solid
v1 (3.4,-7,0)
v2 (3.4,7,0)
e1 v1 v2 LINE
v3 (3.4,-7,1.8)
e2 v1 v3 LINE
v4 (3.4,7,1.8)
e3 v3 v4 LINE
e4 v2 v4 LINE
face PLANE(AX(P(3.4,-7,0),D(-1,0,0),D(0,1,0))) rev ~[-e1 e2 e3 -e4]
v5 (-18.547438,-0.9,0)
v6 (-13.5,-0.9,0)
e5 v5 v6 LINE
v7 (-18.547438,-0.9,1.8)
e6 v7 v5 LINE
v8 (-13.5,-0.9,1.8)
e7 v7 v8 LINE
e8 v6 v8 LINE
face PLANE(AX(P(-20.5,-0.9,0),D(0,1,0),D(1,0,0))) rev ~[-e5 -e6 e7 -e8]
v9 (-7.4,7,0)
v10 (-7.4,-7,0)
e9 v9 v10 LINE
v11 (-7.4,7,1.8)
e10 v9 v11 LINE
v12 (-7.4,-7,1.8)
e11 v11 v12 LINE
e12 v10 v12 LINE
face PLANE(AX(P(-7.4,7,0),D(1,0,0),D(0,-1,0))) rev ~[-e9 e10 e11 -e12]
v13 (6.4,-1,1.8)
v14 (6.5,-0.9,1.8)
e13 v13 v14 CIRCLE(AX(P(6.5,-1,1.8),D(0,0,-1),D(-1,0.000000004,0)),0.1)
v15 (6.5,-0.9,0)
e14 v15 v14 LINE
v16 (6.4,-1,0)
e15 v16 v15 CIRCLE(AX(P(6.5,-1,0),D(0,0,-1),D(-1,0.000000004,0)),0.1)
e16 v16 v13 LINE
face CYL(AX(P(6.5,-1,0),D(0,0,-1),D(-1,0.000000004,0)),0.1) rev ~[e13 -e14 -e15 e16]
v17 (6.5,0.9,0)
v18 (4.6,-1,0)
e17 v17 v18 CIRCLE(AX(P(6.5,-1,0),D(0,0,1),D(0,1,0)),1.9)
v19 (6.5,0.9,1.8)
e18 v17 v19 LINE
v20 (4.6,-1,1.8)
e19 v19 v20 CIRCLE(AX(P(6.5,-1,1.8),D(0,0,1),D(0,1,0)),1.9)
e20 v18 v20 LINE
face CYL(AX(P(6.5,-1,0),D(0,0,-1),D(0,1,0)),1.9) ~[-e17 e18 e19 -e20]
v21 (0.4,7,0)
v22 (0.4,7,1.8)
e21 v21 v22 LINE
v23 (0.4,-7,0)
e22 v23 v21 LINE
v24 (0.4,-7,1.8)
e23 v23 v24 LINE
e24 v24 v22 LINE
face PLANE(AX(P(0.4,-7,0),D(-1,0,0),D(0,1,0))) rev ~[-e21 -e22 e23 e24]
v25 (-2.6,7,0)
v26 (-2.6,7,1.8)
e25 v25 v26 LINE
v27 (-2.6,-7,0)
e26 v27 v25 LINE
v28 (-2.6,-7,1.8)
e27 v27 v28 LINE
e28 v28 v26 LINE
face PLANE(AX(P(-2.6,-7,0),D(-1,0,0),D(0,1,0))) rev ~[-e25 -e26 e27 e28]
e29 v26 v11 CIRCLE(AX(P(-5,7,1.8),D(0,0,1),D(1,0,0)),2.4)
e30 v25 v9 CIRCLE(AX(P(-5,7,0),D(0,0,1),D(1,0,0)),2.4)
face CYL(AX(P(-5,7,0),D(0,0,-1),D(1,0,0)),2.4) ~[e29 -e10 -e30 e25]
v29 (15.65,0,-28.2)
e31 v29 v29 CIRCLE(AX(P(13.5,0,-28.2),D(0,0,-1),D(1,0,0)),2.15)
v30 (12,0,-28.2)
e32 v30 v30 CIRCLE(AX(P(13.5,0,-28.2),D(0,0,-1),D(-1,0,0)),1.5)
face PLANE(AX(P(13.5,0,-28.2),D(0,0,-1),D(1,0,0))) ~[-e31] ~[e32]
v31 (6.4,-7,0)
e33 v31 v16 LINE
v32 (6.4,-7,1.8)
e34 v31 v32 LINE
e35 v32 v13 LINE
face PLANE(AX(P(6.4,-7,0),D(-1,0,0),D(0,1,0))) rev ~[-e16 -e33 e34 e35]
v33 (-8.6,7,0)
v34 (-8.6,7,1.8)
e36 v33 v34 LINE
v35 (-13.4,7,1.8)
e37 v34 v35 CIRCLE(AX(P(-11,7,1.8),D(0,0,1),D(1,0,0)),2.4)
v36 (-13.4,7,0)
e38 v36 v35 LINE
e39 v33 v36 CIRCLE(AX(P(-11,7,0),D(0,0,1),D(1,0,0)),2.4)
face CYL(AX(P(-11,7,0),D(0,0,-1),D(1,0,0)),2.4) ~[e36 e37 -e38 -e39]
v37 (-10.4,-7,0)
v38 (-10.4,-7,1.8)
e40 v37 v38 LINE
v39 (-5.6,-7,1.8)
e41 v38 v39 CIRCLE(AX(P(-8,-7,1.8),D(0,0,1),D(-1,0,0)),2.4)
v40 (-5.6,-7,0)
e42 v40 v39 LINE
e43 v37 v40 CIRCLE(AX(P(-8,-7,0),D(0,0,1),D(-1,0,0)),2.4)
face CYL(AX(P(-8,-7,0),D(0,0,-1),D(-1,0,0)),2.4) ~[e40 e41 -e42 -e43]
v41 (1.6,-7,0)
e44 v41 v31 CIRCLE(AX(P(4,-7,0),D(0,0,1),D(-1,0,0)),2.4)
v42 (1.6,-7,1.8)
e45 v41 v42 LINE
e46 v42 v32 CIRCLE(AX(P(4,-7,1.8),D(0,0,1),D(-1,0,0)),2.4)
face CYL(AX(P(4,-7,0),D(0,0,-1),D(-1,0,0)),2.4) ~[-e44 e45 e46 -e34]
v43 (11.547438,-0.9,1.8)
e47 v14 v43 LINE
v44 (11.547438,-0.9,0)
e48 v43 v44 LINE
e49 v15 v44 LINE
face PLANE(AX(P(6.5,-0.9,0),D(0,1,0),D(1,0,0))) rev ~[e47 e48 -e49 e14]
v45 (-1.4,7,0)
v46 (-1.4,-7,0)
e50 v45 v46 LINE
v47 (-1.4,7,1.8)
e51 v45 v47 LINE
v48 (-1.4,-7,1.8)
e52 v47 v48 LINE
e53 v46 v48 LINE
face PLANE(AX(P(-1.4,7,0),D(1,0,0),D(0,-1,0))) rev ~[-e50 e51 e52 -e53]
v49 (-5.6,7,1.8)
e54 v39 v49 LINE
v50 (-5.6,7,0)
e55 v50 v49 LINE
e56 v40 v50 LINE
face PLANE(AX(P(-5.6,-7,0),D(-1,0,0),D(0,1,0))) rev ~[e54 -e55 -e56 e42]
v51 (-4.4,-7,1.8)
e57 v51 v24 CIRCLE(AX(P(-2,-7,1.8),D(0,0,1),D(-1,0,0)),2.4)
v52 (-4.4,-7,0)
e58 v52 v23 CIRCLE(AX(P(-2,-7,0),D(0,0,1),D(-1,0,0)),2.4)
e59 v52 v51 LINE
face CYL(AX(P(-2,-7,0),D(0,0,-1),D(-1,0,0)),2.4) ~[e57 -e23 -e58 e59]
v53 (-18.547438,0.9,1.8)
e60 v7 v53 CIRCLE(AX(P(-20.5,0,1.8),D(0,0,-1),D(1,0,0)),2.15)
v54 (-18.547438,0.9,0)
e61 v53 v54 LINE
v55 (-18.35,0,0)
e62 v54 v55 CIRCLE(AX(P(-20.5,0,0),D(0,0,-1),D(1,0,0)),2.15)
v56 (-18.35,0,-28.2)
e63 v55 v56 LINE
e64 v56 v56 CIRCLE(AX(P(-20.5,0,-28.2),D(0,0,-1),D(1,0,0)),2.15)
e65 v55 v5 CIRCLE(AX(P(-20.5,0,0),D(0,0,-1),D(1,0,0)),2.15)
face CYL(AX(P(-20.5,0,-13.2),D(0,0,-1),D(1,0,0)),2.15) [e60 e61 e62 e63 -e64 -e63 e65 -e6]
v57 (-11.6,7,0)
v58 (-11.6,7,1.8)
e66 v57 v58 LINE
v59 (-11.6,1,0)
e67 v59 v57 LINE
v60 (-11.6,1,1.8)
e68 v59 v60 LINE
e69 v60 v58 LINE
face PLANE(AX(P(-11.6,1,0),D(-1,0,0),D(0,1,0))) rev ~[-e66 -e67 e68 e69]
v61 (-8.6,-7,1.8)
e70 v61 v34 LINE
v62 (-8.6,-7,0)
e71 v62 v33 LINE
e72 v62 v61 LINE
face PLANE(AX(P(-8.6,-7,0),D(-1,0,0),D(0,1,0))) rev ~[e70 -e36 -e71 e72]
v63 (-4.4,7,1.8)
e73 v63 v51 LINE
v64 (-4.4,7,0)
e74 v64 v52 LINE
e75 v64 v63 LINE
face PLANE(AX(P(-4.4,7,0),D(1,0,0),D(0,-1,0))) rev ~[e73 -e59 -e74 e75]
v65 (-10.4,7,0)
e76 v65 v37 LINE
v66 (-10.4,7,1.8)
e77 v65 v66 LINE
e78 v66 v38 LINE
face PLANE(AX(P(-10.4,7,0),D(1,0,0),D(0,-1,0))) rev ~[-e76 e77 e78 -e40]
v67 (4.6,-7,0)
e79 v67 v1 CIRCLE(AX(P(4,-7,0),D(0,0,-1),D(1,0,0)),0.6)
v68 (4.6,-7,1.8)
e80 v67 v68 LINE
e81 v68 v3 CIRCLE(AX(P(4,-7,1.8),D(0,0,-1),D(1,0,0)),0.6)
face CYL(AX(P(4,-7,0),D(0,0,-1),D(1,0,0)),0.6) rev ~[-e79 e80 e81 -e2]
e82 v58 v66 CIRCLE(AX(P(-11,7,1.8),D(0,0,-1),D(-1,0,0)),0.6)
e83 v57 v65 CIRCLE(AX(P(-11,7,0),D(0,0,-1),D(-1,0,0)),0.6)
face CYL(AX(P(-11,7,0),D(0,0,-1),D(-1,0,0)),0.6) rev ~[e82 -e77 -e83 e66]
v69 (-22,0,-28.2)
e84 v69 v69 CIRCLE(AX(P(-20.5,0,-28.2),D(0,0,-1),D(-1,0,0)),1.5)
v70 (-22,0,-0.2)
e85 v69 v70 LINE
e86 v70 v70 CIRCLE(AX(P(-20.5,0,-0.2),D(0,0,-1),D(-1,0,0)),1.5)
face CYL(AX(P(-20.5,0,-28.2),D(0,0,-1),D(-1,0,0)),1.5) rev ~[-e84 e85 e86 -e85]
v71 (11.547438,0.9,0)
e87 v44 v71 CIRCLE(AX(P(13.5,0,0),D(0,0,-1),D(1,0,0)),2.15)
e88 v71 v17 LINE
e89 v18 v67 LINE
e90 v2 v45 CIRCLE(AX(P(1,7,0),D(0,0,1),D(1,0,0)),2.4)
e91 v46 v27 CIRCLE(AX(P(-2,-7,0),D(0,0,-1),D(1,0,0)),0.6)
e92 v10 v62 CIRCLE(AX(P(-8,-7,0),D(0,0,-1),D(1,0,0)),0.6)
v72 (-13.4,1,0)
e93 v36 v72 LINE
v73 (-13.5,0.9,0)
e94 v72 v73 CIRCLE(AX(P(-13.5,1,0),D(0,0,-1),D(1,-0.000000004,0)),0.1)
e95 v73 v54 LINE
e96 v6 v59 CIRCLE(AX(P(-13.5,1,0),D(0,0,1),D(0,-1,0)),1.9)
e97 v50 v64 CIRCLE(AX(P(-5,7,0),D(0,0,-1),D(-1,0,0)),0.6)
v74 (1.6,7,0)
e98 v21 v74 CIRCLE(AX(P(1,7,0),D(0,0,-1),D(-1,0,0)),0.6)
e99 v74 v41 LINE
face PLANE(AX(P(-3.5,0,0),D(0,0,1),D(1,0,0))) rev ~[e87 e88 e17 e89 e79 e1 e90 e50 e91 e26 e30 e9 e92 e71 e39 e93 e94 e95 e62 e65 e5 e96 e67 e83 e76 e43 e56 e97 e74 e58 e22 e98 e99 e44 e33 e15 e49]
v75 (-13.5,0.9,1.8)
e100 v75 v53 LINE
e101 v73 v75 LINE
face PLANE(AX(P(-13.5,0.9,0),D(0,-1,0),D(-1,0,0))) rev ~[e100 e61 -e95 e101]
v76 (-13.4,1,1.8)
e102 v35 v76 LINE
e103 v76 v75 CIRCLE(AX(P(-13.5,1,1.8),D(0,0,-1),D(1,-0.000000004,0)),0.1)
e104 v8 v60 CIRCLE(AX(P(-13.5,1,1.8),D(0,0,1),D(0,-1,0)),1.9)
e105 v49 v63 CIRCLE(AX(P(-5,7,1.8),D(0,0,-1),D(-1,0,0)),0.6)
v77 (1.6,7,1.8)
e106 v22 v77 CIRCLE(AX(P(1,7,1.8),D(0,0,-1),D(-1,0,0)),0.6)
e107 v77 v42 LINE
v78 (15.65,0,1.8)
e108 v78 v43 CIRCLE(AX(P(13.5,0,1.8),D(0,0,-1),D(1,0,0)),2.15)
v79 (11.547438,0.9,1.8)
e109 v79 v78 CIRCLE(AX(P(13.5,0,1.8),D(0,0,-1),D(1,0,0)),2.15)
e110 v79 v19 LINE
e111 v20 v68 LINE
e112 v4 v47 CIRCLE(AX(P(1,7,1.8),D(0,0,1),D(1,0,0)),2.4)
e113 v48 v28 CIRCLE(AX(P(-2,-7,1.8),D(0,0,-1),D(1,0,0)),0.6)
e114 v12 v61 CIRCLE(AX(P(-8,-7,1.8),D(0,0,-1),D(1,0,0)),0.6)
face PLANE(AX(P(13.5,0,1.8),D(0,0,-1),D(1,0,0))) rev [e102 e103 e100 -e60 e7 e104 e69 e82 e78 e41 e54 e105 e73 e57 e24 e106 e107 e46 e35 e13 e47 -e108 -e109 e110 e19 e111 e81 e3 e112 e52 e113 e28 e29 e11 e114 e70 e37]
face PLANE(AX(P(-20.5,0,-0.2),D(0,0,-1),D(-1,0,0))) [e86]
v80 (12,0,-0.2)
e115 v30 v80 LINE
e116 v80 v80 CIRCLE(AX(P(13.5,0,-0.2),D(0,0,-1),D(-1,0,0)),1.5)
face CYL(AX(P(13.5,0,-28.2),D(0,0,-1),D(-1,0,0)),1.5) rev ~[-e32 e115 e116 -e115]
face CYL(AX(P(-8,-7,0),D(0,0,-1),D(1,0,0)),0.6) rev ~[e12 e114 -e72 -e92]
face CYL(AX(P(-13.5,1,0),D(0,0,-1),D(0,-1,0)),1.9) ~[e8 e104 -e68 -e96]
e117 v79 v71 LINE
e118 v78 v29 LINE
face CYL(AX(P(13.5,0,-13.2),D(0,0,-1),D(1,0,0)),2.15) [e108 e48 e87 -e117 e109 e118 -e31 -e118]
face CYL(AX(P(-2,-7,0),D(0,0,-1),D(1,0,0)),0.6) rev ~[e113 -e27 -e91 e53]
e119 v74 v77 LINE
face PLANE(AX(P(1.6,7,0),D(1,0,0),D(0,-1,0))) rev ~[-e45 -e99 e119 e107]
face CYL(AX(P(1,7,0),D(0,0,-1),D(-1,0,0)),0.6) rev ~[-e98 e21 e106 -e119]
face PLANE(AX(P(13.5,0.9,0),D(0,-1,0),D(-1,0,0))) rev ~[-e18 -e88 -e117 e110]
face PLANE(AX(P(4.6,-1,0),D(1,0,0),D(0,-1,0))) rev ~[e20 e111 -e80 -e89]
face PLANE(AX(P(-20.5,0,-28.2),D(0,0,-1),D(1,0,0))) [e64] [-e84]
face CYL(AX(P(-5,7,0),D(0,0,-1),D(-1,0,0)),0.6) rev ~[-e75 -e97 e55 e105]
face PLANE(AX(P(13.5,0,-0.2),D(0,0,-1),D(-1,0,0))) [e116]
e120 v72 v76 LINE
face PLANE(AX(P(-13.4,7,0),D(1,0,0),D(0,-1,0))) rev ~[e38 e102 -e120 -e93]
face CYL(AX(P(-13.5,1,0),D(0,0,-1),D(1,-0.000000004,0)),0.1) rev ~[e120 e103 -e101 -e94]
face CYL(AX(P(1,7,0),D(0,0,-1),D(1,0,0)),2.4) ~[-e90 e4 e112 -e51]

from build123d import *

# Parameters (mm, degrees)
BOSS_EXTRUDE1_DEPTH = 1.8
SKETCH3_W           = 2.15
SKETCH3_H           = 30
SKETCH4_W           = 2.15
SKETCH4_H           = 30
SKETCH5_R           = 1.5
CUT_EXTRUDE1_DEPTH  = 28


with BuildPart() as part:
    # Sketch2 → Boss-Extrude1 (new body)
    with BuildSketch(Plane.XY):
        with BuildLine():
            Line((-20.5, -0.9), (-13.5, -0.9))
            ThreePointArc((-13.5, -0.9), (-12.156497116, -0.343502884), (-11.6, 1))
            Line((-11.6, 1), (-11.6, 7))
            ThreePointArc((-11.6, 7), (-11, 7.6), (-10.4, 7))
            Line((-10.4, 7), (-10.4, 0))
            Line((-10.4, 0), (-10.4, -7))
            ThreePointArc((-10.4, -7), (-8, -9.4), (-5.6, -7))
            Line((-5.6, -7), (-5.6, 0))
            Line((-5.6, 0), (-5.6, 7))
            ThreePointArc((-5.6, 7), (-5, 7.6), (-4.4, 7))
            Line((-4.4, 7), (-4.4, 0))
            Line((-4.4, 0), (-4.4, -7))
            ThreePointArc((-4.4, -7), (-2, -9.4), (0.4, -7))
            Line((0.4, -7), (0.4, 0))
            Line((0.4, 0), (0.4, 7))
            ThreePointArc((0.4, 7), (1, 7.6), (1.6, 7))
            Line((1.6, 7), (1.6, 0))
            Line((1.6, 0), (1.6, -7))
            ThreePointArc((1.6, -7), (4, -9.4), (6.4, -7))
            Line((6.4, -7), (6.4, -1))
            ThreePointArc((6.4, -1), (6.429289322, -0.929289322), (6.5, -0.9))
            Line((6.5, -0.9), (13.5, -0.9))
            ThreePointArc((13.5, -0.9), (14.4, 0), (13.5, 0.9))
            Line((13.5, 0.9), (6.5, 0.9))
            ThreePointArc((6.5, 0.9), (5.156497116, 0.343502884), (4.6, -1))
            Line((4.6, -1), (4.6, -7))
            ThreePointArc((4.6, -7), (4, -7.6), (3.4, -7))
            Line((3.4, -7), (3.4, 0))
            Line((3.4, 0), (3.4, 7))
            ThreePointArc((3.4, 7), (1, 9.4), (-1.4, 7))
            Line((-1.4, 7), (-1.4, 0))
            Line((-1.4, 0), (-1.4, -7))
            ThreePointArc((-1.4, -7), (-2, -7.6), (-2.6, -7))
            Line((-2.6, -7), (-2.6, 0))
            Line((-2.6, 0), (-2.6, 7))
            ThreePointArc((-2.6, 7), (-5, 9.4), (-7.4, 7))
            Line((-7.4, 7), (-7.4, 0))
            Line((-7.4, 0), (-7.4, -7))
            ThreePointArc((-7.4, -7), (-8, -7.6), (-8.6, -7))
            Line((-8.6, -7), (-8.6, 0))
            Line((-8.6, 0), (-8.6, 7))
            ThreePointArc((-8.6, 7), (-11, 9.4), (-13.4, 7))
            Line((-13.4, 7), (-13.4, 1))
            ThreePointArc((-13.4, 1), (-13.429289322, 0.929289322), (-13.5, 0.9))
            Line((-13.5, 0.9), (-20.5, 0.9))
            ThreePointArc((-20.5, 0.9), (-21.4, 0), (-20.5, -0.9))
        make_face()
    extrude(amount=BOSS_EXTRUDE1_DEPTH)

    # Sketch3 → Revolve1 (revolve)
    with BuildSketch(Plane(origin=(0, 0, 0), x_dir=(1, 0, 0), z_dir=(0, 1, 0)), mode=Mode.PRIVATE) as revolve1_sk:
        with Locations((-21.575, 13.2)):
            Rectangle(SKETCH3_W, SKETCH3_H)
    revolve(revolve1_sk.sketch.rotate(Axis((-20.5, 0, 1.8), (0, 0, -1)), 180), axis=Axis((-20.5, 0, 1.8), (0, 0, -1)))

    # Sketch4 → Revolve2 (revolve)
    with BuildSketch(Plane(origin=(0, 0, 0), x_dir=(1, 0, 0), z_dir=(0, 1, 0))):
        with Locations((14.575, 13.2)):
            Rectangle(SKETCH4_W, SKETCH4_H)
    revolve(axis=Axis((13.5, 0, 1.8), (0, 0, -1)))

    # Sketch5 → Cut-Extrude1 (cut)
    with BuildSketch(Plane(origin=(0, 0, -28.2), x_dir=(-1, 0, 0), z_dir=(0, 0, -1))):
        with Locations((-13.5, 0)):
            Circle(SKETCH5_R)
        with Locations((20.5, 0)):
            Circle(SKETCH5_R)
    extrude(amount=-CUT_EXTRUDE1_DEPTH, mode=Mode.SUBTRACT)


solid = part.part
